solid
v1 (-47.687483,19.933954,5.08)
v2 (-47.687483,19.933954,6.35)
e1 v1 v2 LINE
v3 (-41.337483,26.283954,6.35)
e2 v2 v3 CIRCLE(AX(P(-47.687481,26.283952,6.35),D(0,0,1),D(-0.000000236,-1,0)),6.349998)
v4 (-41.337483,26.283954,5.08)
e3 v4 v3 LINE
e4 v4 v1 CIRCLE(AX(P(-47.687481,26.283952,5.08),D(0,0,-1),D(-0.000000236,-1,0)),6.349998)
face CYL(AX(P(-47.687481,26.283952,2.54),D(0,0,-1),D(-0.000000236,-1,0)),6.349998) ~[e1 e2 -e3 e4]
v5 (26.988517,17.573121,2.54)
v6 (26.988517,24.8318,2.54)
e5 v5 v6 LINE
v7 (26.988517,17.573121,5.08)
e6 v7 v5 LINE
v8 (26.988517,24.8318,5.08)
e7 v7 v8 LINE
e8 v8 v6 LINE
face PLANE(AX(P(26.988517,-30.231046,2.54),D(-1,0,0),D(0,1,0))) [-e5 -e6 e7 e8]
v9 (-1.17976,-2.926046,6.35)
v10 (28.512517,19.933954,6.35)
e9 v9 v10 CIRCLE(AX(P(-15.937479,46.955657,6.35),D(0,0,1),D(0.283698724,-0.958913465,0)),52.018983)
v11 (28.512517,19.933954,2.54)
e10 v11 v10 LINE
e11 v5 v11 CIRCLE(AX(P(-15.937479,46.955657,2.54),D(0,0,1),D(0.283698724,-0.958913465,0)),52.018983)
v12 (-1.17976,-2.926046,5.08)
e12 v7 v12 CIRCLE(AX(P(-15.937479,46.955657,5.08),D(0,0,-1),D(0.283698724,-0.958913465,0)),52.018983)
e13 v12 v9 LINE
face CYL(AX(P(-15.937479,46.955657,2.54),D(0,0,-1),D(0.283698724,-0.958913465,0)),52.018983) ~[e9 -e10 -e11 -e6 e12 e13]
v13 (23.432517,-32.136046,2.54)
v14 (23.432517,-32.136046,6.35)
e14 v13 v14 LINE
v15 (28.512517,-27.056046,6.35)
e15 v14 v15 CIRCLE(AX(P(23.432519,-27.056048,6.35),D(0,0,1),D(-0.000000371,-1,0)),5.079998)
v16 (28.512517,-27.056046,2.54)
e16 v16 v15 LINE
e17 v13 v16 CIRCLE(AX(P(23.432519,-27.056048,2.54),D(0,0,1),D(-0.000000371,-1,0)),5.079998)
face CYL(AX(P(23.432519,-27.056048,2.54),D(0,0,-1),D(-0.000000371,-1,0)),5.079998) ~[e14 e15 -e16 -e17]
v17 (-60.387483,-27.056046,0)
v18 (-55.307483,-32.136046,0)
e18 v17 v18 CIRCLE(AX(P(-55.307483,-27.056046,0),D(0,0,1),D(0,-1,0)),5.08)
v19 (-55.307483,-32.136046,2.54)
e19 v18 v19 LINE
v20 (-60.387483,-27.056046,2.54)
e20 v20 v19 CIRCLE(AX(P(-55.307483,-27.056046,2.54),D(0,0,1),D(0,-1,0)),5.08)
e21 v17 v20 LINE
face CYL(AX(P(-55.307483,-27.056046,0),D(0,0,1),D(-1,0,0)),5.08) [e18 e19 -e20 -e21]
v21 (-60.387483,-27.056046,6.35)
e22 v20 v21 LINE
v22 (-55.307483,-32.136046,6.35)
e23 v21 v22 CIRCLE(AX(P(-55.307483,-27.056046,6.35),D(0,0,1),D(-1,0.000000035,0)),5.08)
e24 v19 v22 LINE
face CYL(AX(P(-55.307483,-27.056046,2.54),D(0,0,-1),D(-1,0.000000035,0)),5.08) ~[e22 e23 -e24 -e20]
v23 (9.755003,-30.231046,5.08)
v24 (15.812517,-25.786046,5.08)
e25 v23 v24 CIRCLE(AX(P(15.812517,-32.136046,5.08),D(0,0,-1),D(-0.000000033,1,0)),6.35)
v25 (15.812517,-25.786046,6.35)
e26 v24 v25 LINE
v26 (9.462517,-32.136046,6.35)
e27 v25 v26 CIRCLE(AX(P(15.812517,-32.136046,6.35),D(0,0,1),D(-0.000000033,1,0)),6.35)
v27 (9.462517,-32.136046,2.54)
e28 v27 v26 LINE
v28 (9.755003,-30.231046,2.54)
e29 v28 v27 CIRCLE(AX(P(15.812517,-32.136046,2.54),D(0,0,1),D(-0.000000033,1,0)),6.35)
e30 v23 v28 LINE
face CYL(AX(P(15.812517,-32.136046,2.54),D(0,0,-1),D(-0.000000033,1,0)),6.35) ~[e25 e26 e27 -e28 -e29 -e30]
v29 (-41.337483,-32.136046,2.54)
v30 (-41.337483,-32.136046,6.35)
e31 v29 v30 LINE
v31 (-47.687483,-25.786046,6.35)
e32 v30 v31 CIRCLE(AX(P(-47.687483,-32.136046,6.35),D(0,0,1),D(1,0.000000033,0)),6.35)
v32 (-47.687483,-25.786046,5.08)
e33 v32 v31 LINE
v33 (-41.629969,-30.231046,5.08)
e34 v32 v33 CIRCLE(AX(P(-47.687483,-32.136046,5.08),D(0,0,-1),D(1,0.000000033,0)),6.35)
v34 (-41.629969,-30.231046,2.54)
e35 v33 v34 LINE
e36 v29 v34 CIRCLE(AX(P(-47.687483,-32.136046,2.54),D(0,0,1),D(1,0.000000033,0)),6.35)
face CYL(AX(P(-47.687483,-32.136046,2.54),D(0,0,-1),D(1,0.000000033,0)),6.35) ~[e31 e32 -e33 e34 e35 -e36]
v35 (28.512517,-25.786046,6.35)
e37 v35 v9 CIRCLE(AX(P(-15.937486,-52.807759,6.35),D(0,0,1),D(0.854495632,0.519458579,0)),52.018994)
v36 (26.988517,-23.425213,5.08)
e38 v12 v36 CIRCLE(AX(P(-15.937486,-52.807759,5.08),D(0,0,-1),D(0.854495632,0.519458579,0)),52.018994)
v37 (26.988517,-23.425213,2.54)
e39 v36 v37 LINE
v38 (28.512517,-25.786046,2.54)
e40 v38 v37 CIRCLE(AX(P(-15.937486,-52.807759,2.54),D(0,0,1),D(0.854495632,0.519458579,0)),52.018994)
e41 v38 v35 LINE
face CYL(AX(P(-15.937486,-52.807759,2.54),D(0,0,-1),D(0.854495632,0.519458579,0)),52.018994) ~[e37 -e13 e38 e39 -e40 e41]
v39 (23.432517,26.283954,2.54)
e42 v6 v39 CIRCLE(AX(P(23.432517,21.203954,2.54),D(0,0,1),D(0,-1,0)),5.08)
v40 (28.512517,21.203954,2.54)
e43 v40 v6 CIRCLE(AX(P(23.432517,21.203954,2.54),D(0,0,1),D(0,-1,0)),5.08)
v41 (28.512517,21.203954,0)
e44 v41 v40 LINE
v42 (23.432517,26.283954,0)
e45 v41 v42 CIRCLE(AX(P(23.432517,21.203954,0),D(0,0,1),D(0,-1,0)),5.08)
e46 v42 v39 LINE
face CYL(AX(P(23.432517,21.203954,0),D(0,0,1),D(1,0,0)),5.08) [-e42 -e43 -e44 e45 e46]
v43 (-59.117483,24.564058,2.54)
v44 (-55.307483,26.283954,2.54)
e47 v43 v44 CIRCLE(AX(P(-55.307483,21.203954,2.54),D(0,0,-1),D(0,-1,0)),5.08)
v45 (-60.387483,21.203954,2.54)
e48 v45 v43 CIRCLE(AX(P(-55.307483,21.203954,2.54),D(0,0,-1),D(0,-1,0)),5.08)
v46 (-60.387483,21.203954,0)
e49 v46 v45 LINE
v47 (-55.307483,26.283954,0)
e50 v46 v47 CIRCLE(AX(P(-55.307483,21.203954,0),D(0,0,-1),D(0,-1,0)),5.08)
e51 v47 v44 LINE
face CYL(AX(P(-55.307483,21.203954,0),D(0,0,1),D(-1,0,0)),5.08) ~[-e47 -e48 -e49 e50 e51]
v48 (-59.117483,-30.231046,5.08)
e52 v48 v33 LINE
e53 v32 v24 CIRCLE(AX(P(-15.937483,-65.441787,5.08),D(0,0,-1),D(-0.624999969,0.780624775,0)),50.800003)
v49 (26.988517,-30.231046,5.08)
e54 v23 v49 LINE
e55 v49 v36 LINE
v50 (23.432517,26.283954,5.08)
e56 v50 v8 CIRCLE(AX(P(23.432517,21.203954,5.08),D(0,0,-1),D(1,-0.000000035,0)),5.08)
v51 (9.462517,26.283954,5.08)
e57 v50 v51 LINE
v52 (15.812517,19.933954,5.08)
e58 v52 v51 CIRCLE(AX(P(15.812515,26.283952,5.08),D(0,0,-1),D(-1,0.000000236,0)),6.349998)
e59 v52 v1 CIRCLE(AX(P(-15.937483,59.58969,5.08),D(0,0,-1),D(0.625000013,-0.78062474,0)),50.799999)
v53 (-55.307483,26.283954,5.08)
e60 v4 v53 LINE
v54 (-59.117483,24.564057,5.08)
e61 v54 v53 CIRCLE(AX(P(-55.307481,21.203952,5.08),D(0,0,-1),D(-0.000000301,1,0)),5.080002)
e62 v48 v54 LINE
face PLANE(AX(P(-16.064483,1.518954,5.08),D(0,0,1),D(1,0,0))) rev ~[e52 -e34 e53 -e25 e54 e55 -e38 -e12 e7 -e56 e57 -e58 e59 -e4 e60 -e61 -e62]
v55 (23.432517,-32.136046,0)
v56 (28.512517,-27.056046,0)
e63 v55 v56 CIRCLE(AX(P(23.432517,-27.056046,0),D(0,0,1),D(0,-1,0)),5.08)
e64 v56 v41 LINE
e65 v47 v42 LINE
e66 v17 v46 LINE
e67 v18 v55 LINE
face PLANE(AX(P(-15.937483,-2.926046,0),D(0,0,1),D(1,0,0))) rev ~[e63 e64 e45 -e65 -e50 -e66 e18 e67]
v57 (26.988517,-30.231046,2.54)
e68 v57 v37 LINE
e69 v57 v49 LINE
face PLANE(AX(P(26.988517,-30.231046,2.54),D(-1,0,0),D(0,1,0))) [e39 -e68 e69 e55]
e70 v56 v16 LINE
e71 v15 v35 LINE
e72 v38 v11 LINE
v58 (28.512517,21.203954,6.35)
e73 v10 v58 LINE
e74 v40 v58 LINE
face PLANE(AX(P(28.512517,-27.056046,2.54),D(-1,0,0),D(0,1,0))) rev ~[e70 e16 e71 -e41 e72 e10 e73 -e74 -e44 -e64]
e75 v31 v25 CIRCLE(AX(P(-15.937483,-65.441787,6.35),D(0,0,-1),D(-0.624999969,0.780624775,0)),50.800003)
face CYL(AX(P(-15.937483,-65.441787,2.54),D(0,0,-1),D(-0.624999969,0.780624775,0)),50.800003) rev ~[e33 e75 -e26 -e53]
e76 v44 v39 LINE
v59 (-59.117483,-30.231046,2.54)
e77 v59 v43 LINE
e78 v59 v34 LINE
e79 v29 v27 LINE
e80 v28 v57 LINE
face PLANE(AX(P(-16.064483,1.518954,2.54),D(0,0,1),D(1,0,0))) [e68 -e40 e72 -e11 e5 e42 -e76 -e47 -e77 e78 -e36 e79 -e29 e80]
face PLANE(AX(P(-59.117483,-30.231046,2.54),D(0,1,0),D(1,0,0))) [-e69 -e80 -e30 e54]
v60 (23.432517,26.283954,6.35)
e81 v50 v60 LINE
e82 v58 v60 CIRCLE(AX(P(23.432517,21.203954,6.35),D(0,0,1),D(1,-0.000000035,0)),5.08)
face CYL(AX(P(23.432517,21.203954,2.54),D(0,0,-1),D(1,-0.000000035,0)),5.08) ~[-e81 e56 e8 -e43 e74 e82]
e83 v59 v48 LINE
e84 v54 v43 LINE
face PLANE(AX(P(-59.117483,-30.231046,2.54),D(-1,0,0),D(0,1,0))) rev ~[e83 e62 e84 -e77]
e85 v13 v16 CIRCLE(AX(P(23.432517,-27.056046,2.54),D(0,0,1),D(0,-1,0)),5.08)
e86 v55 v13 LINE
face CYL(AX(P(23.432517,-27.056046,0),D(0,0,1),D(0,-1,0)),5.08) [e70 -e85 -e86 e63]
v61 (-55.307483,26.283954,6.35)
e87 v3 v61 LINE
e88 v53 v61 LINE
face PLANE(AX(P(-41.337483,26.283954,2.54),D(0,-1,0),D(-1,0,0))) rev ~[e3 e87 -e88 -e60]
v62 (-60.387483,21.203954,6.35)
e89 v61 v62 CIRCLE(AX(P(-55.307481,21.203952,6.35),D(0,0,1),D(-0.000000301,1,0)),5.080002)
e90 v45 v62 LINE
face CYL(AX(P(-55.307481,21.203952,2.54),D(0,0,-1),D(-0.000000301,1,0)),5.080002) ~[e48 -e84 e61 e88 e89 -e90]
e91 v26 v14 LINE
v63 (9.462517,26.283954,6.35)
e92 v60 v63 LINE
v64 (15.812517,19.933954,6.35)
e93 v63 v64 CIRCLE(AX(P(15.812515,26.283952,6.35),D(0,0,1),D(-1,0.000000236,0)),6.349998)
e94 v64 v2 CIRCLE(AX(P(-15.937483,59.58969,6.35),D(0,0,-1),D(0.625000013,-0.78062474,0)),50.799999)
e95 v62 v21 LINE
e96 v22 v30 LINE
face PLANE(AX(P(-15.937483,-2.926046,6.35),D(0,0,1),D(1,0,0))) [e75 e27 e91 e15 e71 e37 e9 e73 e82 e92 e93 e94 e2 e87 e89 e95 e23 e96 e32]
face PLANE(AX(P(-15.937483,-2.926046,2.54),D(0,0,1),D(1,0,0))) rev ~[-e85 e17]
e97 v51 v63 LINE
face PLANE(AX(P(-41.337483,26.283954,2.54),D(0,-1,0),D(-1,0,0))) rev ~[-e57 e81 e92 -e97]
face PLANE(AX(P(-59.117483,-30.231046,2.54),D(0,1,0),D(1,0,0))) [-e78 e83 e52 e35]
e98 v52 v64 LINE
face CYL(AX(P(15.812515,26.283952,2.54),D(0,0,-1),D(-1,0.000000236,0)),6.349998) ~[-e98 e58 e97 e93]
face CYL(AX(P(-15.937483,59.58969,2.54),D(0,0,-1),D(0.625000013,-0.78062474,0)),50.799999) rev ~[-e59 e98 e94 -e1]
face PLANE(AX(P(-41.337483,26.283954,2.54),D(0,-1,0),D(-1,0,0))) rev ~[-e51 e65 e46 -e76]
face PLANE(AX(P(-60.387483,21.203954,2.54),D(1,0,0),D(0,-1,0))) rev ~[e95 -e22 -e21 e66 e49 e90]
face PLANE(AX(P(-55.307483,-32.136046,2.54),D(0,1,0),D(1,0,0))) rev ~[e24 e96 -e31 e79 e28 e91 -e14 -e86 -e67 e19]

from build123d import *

# Parameters (mm, degrees)
F0_W     = 88.9
F0_H     = 58.42
F1_DEPTH = 2.54
F2_R     = 5.08
F4_DEPTH = 3.81
F5_W     = 86.106
F5_H     = 63.5
F6_DEPTH = 2.54


with BuildPart() as f1:
    # F0 (on Top) → F1 (new body)
    with BuildSketch(Plane.XY):
        with Locations((-15.937483, -2.926046)):
            Rectangle(F0_W, F0_H)
    extrude(amount=F1_DEPTH)

    # F2
    f2_edges = [f1.edges().sort_by_distance(p)[0] for p in [
        (-60.387483, 26.283954, 1.27),
        (-60.387483, -32.136046, 1.27),
        (28.512517, -32.136046, 1.27),
        (28.512517, 26.283954, 1.27),
    ]]
    fillet(f2_edges, radius=F2_R)

    # F3 (on face) → F4 (join)
    with BuildSketch(Plane.XY.offset(2.54)):
        with BuildLine():
            ThreePointArc((-55.307483, 26.283954), (-58.899585, 24.796056), (-60.387483, 21.203954))
            Line((-60.387483, 21.203954), (-60.387483, 19.933954))
            ThreePointArc((-60.387483, 19.933954), (-47.671274, 5.737441), (-30.695205, -2.926046))
            ThreePointArc((-30.695205, -2.926046), (-47.671274, -11.589534), (-60.387483, -25.786046))
            Line((-60.387483, -25.786046), (-60.387483, -27.056046))
            ThreePointArc((-60.387483, -27.056046), (-58.899585, -30.648149), (-55.307483, -32.136046))
            Line((-55.307483, -32.136046), (-41.337483, -32.136046))
            ThreePointArc((-41.337483, -32.136046), (-43.197355, -27.645918), (-47.687483, -25.786046))
            ThreePointArc((-47.687483, -25.786046), (-15.937483, -14.641784), (15.812517, -25.786046))
            ThreePointArc((15.812517, -25.786046), (11.322389, -27.645918), (9.462517, -32.136046))
            Line((9.462517, -32.136046), (23.432517, -32.136046))
            ThreePointArc((23.432517, -32.136046), (27.02462, -30.648149), (28.512517, -27.056046))
            Line((28.512517, -27.056046), (28.512517, -25.786046))
            ThreePointArc((28.512517, -25.786046), (15.796308, -11.589534), (-1.17976, -2.926046))
            ThreePointArc((-1.17976, -2.926046), (15.796308, 5.737441), (28.512517, 19.933954))
            Line((28.512517, 19.933954), (28.512517, 21.203954))
            ThreePointArc((28.512517, 21.203954), (27.02462, 24.796056), (23.432517, 26.283954))
            Line((23.432517, 26.283954), (9.462517, 26.283954))
            ThreePointArc((9.462517, 26.283954), (11.322389, 21.793825), (15.812517, 19.933954))
            ThreePointArc((15.812517, 19.933954), (-15.937483, 8.789691), (-47.687483, 19.933954))
            ThreePointArc((-47.687483, 19.933954), (-43.197355, 21.793825), (-41.337483, 26.283954))
            Line((-41.337483, 26.283954), (-55.307483, 26.283954))
        make_face()
        with BuildLine():
            ThreePointArc((-30.695205, -2.926046), (-47.671274, 5.737441), (-60.387483, 19.933954))
            Line((-60.387483, 19.933954), (-60.387483, -25.786046))
            ThreePointArc((-60.387483, -25.786046), (-47.671274, -11.589534), (-30.695205, -2.926046))
        make_face()
    extrude(amount=F4_DEPTH)

    # F5 (on face) → F6 (cut)
    with BuildSketch(Plane.XY.offset(2.54)):
        with Locations((-16.064483, 1.518954)):
            Rectangle(F5_W, F5_H)
    extrude(amount=F6_DEPTH, mode=Mode.SUBTRACT)


solid = f1.part
